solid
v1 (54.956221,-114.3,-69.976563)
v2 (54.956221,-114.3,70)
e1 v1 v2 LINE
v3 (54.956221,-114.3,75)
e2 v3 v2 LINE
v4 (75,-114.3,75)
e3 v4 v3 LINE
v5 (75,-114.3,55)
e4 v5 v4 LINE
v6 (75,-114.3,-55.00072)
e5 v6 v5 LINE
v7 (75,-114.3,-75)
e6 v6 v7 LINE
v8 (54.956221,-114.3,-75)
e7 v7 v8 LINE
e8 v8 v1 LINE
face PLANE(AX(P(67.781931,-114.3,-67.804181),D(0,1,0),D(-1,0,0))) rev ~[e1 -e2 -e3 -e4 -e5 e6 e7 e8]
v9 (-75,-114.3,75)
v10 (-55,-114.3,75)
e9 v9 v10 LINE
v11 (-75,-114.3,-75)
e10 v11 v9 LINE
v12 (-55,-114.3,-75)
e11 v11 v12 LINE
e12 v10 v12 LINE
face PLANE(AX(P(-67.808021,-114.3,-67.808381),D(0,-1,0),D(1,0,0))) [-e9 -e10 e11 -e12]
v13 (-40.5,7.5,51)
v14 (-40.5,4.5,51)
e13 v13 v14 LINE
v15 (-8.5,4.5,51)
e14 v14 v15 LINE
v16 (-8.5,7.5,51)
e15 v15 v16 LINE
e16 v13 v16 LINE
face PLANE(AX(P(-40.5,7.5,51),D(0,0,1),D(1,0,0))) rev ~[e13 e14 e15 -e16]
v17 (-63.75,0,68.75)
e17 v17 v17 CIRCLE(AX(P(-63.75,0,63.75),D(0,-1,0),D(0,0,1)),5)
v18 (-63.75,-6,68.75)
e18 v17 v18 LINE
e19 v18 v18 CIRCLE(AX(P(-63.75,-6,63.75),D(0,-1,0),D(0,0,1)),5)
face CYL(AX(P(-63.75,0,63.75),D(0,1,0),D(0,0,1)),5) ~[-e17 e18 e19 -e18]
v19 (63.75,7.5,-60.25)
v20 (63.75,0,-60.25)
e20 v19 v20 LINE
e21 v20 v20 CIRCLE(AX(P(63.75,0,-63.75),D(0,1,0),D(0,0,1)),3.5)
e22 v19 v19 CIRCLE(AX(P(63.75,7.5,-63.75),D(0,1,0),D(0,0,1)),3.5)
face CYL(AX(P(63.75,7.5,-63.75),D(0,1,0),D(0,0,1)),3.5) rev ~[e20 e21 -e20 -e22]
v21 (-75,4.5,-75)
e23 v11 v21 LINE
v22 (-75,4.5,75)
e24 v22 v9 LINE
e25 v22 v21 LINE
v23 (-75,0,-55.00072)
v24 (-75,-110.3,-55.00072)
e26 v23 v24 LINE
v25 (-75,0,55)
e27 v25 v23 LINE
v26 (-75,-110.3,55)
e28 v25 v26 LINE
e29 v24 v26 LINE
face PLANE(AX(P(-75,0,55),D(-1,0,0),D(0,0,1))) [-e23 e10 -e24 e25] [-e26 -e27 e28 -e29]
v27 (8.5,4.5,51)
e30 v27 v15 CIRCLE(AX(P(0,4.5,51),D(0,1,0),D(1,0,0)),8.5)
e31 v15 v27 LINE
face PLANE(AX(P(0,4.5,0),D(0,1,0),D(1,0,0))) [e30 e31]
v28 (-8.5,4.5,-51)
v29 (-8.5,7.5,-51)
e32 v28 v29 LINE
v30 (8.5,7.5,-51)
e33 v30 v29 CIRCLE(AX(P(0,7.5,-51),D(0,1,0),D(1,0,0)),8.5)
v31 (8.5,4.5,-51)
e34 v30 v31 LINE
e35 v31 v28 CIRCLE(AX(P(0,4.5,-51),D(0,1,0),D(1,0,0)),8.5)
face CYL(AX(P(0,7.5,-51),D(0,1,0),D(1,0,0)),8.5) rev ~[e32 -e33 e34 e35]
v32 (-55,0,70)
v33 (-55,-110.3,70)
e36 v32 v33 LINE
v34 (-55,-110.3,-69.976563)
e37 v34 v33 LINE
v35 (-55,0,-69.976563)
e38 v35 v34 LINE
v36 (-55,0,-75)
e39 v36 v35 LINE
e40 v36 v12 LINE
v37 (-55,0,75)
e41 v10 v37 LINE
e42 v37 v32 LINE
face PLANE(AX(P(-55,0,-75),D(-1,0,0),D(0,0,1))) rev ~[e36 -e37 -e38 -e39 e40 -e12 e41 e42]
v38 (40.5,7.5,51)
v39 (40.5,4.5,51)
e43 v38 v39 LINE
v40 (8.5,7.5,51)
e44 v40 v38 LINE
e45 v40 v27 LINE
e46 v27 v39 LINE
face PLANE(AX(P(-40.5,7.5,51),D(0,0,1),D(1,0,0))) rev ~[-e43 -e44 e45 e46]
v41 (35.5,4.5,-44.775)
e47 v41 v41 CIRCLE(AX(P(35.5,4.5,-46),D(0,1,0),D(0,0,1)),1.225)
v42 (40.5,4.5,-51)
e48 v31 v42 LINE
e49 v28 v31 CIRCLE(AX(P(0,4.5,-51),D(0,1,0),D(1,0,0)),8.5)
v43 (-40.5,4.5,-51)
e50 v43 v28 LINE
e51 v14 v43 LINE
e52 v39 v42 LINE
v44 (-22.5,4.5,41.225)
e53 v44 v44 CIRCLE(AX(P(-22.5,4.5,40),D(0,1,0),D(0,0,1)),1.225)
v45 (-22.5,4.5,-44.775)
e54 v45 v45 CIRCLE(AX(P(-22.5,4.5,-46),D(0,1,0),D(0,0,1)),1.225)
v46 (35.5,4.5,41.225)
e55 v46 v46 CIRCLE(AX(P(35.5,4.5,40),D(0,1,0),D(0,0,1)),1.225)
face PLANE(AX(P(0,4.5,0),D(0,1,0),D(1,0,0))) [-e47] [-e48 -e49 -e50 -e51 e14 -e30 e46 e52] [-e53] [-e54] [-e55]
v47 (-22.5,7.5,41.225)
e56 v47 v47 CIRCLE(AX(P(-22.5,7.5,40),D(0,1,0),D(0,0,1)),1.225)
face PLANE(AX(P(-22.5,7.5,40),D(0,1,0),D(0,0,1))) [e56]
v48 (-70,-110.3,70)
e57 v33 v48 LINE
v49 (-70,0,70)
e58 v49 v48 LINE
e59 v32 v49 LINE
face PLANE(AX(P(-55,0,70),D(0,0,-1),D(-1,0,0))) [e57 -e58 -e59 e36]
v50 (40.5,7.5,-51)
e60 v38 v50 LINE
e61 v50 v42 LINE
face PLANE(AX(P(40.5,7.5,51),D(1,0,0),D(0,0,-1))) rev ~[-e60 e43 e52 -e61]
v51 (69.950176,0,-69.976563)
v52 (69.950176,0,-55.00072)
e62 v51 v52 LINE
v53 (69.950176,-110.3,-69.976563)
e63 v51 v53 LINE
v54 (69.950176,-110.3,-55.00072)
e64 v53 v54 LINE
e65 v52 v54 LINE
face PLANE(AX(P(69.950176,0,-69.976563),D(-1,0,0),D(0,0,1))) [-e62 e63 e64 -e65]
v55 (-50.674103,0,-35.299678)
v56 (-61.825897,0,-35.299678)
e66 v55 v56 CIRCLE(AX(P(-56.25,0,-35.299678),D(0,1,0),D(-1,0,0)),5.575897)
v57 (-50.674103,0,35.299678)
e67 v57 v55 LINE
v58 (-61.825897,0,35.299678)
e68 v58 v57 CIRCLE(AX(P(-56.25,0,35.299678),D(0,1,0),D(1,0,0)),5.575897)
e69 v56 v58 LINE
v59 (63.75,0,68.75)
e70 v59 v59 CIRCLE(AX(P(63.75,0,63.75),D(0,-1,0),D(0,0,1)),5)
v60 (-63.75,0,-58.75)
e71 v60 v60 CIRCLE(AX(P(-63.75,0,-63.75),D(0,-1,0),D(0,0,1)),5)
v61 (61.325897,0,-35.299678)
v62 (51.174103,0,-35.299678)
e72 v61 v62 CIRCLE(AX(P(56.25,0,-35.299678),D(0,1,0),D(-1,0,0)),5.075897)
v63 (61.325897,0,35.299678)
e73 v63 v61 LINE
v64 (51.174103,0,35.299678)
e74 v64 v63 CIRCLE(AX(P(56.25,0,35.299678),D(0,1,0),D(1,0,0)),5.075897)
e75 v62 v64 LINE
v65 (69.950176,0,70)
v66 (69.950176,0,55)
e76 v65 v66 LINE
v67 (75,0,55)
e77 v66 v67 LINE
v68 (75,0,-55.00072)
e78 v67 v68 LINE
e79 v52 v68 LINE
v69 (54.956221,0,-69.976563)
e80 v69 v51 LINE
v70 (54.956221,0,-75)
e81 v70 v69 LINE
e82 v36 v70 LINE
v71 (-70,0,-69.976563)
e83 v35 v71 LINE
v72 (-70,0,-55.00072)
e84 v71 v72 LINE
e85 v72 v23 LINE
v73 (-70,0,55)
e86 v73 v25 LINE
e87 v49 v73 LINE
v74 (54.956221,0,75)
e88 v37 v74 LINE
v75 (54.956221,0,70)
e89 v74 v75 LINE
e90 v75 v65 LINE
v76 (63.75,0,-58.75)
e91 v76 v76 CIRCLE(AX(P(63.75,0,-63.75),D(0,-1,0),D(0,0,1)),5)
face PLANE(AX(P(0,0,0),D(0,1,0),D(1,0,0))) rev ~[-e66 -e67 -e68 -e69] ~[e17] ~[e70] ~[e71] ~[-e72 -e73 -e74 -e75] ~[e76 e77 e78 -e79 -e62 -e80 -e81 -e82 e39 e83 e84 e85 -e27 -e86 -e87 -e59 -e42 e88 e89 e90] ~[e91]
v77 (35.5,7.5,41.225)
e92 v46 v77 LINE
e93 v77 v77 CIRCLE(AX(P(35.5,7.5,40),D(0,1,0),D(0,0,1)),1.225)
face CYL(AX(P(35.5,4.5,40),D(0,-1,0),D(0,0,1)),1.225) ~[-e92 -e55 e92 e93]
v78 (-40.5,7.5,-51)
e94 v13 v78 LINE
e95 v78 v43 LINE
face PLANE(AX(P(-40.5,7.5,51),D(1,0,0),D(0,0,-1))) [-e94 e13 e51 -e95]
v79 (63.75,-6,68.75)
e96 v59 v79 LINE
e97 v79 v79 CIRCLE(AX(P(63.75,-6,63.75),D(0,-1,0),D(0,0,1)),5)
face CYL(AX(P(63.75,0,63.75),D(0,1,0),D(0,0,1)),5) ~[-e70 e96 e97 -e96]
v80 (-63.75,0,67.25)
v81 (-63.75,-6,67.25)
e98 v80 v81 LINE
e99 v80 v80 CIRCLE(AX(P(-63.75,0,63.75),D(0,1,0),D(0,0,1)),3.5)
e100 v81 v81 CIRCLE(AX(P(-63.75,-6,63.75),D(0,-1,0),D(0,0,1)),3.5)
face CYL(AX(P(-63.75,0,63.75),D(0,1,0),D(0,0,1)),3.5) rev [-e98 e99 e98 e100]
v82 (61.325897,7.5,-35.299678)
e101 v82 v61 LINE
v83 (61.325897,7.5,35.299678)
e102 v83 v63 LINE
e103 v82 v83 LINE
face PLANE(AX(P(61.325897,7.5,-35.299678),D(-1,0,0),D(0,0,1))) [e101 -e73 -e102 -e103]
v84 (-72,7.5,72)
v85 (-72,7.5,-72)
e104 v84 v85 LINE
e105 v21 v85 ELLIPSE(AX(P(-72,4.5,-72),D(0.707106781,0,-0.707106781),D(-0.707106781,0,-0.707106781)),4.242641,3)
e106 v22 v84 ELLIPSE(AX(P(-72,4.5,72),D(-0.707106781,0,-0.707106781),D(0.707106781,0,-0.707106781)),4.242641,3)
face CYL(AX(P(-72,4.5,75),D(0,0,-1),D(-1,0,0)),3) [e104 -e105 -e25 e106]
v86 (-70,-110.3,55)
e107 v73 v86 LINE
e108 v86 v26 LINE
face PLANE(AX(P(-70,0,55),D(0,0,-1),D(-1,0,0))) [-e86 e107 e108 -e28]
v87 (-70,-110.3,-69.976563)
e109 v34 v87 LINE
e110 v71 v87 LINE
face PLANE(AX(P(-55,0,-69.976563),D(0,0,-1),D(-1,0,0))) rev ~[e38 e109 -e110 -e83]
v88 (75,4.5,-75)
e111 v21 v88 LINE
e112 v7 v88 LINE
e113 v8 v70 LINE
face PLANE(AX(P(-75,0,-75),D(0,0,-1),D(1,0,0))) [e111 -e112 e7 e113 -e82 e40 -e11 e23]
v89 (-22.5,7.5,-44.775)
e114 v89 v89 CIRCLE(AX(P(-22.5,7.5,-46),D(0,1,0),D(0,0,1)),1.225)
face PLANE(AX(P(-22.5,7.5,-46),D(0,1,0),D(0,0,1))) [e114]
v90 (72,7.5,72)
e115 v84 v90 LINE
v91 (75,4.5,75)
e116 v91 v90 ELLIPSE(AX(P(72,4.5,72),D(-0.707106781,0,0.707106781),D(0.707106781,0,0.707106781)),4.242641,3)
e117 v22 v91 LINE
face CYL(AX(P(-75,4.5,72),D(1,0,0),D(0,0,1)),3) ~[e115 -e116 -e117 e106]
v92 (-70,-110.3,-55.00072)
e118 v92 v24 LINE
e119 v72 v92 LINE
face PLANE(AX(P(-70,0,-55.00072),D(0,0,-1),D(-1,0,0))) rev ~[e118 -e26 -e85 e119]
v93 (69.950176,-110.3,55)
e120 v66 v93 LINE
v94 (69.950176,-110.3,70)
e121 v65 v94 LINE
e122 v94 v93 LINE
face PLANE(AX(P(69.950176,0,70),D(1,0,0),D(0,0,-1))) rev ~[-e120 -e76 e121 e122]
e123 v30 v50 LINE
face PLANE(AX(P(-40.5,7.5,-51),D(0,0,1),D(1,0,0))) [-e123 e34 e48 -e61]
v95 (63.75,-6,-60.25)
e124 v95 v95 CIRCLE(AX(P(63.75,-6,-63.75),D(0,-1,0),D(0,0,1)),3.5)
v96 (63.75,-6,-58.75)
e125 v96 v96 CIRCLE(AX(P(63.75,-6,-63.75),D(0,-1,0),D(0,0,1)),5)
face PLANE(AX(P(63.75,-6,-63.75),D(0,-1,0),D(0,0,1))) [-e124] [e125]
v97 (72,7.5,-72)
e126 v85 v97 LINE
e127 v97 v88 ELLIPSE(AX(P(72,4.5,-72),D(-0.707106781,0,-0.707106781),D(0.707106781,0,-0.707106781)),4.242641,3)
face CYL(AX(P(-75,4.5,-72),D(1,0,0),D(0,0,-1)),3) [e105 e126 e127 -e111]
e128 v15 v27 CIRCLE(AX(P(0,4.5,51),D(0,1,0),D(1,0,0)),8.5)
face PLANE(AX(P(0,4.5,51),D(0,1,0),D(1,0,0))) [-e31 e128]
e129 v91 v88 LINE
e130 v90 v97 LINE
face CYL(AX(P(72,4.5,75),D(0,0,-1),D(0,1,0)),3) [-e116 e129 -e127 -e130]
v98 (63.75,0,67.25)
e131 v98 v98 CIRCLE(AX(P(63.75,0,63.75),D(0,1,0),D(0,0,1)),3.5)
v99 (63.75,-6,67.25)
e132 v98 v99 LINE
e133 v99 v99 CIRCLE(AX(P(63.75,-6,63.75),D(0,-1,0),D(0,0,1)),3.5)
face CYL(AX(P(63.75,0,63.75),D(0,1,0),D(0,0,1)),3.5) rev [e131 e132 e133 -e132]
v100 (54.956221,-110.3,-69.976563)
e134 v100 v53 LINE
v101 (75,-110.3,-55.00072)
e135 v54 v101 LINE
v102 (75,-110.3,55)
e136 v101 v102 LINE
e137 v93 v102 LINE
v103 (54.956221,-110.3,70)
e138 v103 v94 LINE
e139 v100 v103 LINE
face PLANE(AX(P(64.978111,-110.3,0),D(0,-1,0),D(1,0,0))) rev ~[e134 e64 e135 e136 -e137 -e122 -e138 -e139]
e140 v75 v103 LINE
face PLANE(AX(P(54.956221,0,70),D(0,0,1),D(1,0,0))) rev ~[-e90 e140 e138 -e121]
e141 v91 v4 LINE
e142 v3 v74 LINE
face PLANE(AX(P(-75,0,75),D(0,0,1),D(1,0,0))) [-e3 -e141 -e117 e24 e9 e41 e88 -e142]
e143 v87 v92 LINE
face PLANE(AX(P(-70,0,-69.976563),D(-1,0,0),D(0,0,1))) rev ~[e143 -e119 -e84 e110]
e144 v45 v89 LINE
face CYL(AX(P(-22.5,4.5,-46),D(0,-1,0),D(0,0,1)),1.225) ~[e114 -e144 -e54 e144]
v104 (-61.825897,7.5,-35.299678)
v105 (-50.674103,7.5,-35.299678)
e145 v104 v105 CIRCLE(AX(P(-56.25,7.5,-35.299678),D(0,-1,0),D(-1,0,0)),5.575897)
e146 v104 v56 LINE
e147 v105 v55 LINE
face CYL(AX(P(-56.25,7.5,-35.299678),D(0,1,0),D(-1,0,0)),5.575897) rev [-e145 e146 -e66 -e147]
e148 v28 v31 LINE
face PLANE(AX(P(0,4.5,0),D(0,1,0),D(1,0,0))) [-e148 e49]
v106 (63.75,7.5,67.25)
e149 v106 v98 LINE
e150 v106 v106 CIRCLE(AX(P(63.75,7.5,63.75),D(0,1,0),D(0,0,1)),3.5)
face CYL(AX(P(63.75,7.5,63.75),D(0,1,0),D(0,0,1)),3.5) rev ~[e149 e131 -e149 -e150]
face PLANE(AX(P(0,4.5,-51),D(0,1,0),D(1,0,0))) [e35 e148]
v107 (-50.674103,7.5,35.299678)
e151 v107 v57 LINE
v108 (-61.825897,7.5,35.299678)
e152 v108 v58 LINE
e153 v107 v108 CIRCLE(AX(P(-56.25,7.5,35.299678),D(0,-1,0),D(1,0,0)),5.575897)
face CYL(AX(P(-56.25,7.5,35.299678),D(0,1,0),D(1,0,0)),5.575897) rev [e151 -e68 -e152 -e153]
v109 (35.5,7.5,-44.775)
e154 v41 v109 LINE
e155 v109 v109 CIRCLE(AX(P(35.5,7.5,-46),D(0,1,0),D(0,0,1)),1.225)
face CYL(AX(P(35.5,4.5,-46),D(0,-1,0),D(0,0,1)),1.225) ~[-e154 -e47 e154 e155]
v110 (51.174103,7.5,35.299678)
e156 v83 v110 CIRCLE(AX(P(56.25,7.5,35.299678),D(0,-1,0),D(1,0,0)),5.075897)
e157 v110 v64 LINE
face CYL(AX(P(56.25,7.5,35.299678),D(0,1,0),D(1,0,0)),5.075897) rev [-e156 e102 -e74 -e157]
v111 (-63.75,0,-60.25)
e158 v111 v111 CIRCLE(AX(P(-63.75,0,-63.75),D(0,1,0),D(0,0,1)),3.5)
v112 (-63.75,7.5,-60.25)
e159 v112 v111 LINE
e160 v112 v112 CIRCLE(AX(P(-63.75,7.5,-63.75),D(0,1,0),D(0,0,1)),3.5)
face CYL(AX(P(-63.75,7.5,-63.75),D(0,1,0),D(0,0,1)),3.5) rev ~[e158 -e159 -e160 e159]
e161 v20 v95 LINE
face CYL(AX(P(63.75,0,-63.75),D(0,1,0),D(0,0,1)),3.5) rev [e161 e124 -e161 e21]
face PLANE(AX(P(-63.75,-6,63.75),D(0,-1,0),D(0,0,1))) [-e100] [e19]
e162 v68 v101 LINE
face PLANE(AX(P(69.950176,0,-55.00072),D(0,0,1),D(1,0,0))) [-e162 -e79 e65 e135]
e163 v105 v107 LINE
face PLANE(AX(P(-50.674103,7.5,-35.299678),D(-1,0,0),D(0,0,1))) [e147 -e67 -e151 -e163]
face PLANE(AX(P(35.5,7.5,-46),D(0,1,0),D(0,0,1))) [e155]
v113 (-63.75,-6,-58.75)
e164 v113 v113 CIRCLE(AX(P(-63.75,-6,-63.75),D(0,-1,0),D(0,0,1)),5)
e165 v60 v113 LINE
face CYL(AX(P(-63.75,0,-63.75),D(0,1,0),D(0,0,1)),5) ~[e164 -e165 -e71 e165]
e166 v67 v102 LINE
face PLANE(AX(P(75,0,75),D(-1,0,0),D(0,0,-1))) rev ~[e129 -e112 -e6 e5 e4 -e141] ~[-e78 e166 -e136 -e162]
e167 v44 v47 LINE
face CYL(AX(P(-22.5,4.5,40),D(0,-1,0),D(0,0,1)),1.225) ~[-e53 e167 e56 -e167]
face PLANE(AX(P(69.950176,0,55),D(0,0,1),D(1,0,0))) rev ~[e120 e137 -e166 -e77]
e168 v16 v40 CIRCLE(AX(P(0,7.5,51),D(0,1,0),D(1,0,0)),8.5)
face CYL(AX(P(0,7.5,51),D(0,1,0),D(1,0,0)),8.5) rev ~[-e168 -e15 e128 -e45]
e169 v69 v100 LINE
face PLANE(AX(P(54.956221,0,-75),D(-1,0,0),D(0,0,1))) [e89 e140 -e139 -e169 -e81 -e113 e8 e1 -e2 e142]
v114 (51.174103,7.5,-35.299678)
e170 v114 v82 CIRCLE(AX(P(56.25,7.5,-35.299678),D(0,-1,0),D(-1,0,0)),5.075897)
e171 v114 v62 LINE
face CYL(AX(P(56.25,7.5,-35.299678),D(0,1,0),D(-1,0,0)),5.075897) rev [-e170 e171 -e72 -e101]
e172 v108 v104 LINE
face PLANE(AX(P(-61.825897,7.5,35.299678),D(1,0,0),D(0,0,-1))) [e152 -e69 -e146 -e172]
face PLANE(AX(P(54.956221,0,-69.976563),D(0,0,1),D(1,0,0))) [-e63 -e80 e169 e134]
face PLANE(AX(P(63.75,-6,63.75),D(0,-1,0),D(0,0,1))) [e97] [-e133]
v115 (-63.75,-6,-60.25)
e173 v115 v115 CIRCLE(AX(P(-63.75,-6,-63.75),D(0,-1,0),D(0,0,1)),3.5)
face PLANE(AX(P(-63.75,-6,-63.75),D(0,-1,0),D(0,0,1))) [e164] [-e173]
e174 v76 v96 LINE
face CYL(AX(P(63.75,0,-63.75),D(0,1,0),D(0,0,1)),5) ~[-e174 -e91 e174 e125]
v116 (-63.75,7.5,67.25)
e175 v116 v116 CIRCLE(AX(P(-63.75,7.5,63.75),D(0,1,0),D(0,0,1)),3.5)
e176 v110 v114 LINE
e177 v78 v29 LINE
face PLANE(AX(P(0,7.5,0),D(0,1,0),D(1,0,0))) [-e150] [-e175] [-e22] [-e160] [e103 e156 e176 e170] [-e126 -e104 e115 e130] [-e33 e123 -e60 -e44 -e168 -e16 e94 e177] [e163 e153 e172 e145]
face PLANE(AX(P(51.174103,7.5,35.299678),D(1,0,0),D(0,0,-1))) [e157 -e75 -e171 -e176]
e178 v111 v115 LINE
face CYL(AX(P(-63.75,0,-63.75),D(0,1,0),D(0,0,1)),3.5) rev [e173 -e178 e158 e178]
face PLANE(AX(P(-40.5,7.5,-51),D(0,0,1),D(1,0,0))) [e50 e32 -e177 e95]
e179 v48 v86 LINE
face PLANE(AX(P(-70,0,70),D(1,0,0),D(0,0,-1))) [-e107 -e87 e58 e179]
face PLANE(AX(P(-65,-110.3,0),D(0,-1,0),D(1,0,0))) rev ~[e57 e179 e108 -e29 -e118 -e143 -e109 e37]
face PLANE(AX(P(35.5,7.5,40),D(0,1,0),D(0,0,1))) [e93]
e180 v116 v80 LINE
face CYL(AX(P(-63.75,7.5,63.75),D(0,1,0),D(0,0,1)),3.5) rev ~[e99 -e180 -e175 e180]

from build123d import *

# Parameters (mm, degrees)
SKETCH1_W           = 150
SKETCH1_H           = 150
BOSS_EXTRUDE1_DEPTH = 7.5
BOSS_EXTRUDE2_DEPTH = 114.3
FILLET1_R           = 3
SKETCH3_W           = 20.043778543
SKETCH3_H           = 150
SKETCH3_W_2         = 20
BOSS_EXTRUDE3_DEPTH = 4
SKETCH5_W           = 81
SKETCH5_H           = 102
CUT_EXTRUDE1_DEPTH  = 3
CUT_EXTRUDE3_REACH  = 163.509
SKETCH7_R           = 1.225
BOSS_EXTRUDE4_DEPTH = 3
SKETCH8_R           = 3.5
CUT_EXTRUDE4_DEPTH  = 7.5
SKETCH9_R           = 5
SKETCH9_R_2         = 3.5
BOSS_EXTRUDE5_DEPTH = 6
SKETCH10_R          = 8.5
CUT_EXTRUDE5_DEPTH  = 3


with BuildPart() as part:
    # Sketch1 → Boss-Extrude1 (new body)
    with BuildSketch(Plane(origin=(0, 0, 0), x_dir=(1, 0, 0), z_dir=(0, 1, 0))):
        Rectangle(SKETCH1_W, SKETCH1_H)
    extrude(amount=BOSS_EXTRUDE1_DEPTH)

    # Sketch2 → Boss-Extrude2 (add)
    with BuildSketch(Plane.XZ):
        Polygon((-75, 75), (-55, 75), (-55, 70), (-70, 70), (-70, 55), (-75, 55), align=None)
        Polygon((75, 75), (54.956221457, 75), (54.956221457, 70), (69.950175757, 70), (69.950175757, 55), (75, 55), align=None)
        Polygon((-75, -75), (-55, -75), (-55, -69.976562657), (-70, -69.976562657), (-70, -55.000720359), (-75, -55.000720359), align=None)
        Polygon((75, -75), (54.956221457, -75), (54.956221457, -69.976562657), (69.950175757, -69.976562657), (69.950175757, -55.000720359), (75, -55.000720359), align=None)
    extrude(amount=BOSS_EXTRUDE2_DEPTH)

    # Fillet1
    fillet1_edges = [part.edges().sort_by_distance(p)[0] for p in [
        (-75, 7.5, 0),
        (0, 7.5, 75),
        (75, 7.5, 0),
        (0, 7.5, -75),
    ]]
    fillet(fillet1_edges, radius=FILLET1_R)

    # Sketch3 → Boss-Extrude3 (add)
    with BuildSketch(Plane.XZ.offset(114.3)):
        with Locations((64.978110728, 0)):
            Rectangle(SKETCH3_W, SKETCH3_H)
        with Locations((-65, 0)):
            Rectangle(SKETCH3_W_2, SKETCH3_H)
    extrude(amount=-BOSS_EXTRUDE3_DEPTH)

    # Sketch5 → Cut-Extrude1 (cut)
    with BuildSketch(Plane(origin=(0, 7.5, 0), x_dir=(1, 0, 0), z_dir=(0, 1, 0))):
        Rectangle(SKETCH5_W, SKETCH5_H)
    extrude(amount=-CUT_EXTRUDE1_DEPTH, mode=Mode.SUBTRACT)

    # Sketch6 → Cut-Extrude3 (cut, up to next)
    with BuildSketch(Plane(origin=(0, 7.5, 0), x_dir=(1, 0, 0), z_dir=(0, 1, 0)), mode=Mode.PRIVATE) as cut_extrude3_sk1:
        with BuildLine():
            Line((-50.674102898, 35.299678475), (-50.674102898, -35.299678475))
            ThreePointArc((-50.674102898, -35.299678475), (-56.25, -40.875575577), (-61.825897102, -35.299678475))
            Line((-61.825897102, -35.299678475), (-61.825897102, 35.299678475))
            ThreePointArc((-61.825897102, 35.299678475), (-56.25, 40.875575577), (-50.674102898, 35.299678475))
        make_face()
    cut_extrude3_tool1 = extrude(cut_extrude3_sk1.sketch, amount=-CUT_EXTRUDE3_REACH, mode=Mode.PRIVATE) & part.part
    # Sketch6 → Cut-Extrude3 (cut, up to next)
    with BuildSketch(Plane(origin=(0, 7.5, 0), x_dir=(1, 0, 0), z_dir=(0, 1, 0)), mode=Mode.PRIVATE) as cut_extrude3_sk2:
        with BuildLine():
            Line((61.3258971, 35.299678475), (61.3258971, -35.299678475))
            ThreePointArc((61.3258971, -35.299678475), (56.25, -40.375575575), (51.1741029, -35.299678475))
            Line((51.1741029, -35.299678475), (51.1741029, 35.299678475))
            ThreePointArc((51.1741029, 35.299678475), (56.25, 40.375575575), (61.3258971, 35.299678475))
        make_face()
    cut_extrude3_tool2 = extrude(cut_extrude3_sk2.sketch, amount=-CUT_EXTRUDE3_REACH, mode=Mode.PRIVATE) & part.part
    add(cut_extrude3_tool1.solids().sort_by_distance((-56.25, 7.5, 0))[0], mode=Mode.SUBTRACT)
    add(cut_extrude3_tool2.solids().sort_by_distance((56.25, 7.5, 0))[0], mode=Mode.SUBTRACT)

    # Sketch7 → Boss-Extrude4 (add)
    with BuildSketch(Plane(origin=(0, 4.5, 0), x_dir=(1, 0, 0), z_dir=(0, 1, 0))):
        with Locations(Location((35.5, 46, 0), (0, 0, 270))):
            Circle(SKETCH7_R)
        with Locations(Location((-22.5, 46, 0), (0, 0, 270))):
            Circle(SKETCH7_R)
        with Locations(Location((-22.5, -40, 0), (0, 0, 270))):
            Circle(SKETCH7_R)
        with Locations(Location((35.5, -40, 0), (0, 0, 270))):
            Circle(SKETCH7_R)
    extrude(amount=BOSS_EXTRUDE4_DEPTH)

    # Sketch8 → Cut-Extrude4 (cut)
    with BuildSketch(Plane(origin=(0, 7.5, 0), x_dir=(1, 0, 0), z_dir=(0, 1, 0))):
        with Locations(Location((-63.75, -63.75, 0), (0, 0, 270))):
            Circle(SKETCH8_R)
        with Locations(Location((63.75, -63.75, 0), (0, 0, 270))):
            Circle(SKETCH8_R)
        with Locations(Location((-63.75, 63.75, 0), (0, 0, 270))):
            Circle(SKETCH8_R)
        with Locations(Location((63.75, 63.75, 0), (0, 0, 270))):
            Circle(SKETCH8_R)
    extrude(amount=-CUT_EXTRUDE4_DEPTH, mode=Mode.SUBTRACT)

    # Sketch9 → Boss-Extrude5 (add)
    # profile 1 of 4: a face of its own
    with BuildSketch(Plane.XZ):
        with Locations(Location((-63.75, 63.75, 0), (0, 0, 90))):
            Circle(SKETCH9_R)
        with Locations(Location((-63.75, 63.75, 0), (0, 0, 90))):
            Circle(SKETCH9_R_2, mode=Mode.SUBTRACT)
    # profile 2 of 4: a face of its own
    with BuildSketch(Plane.XZ):
        with Locations(Location((63.75, 63.75, 0), (0, 0, 90))):
            Circle(SKETCH9_R)
        with Locations(Location((63.75, 63.75, 0), (0, 0, 90))):
            Circle(SKETCH9_R_2, mode=Mode.SUBTRACT)
    # profile 3 of 4: a face of its own
    with BuildSketch(Plane.XZ):
        with Locations(Location((63.75, -63.75, 0), (0, 0, 90))):
            Circle(SKETCH9_R)
        with Locations(Location((63.75, -63.75, 0), (0, 0, 90))):
            Circle(SKETCH9_R_2, mode=Mode.SUBTRACT)
    # profile 4 of 4: a face of its own
    with BuildSketch(Plane.XZ):
        with Locations(Location((-63.75, -63.75, 0), (0, 0, 90))):
            Circle(SKETCH9_R)
        with Locations(Location((-63.75, -63.75, 0), (0, 0, 90))):
            Circle(SKETCH9_R_2, mode=Mode.SUBTRACT)
    extrude(amount=BOSS_EXTRUDE5_DEPTH)

    # Sketch10 → Cut-Extrude5 (cut)
    with BuildSketch(Plane(origin=(0, 7.5, 0), x_dir=(1, 0, 0), z_dir=(0, 1, 0))):
        with Locations((0, 51)):
            Circle(SKETCH10_R)
        with Locations((0, -51)):
            Circle(SKETCH10_R)
    extrude(amount=-CUT_EXTRUDE5_DEPTH, mode=Mode.SUBTRACT)


solid = part.part
